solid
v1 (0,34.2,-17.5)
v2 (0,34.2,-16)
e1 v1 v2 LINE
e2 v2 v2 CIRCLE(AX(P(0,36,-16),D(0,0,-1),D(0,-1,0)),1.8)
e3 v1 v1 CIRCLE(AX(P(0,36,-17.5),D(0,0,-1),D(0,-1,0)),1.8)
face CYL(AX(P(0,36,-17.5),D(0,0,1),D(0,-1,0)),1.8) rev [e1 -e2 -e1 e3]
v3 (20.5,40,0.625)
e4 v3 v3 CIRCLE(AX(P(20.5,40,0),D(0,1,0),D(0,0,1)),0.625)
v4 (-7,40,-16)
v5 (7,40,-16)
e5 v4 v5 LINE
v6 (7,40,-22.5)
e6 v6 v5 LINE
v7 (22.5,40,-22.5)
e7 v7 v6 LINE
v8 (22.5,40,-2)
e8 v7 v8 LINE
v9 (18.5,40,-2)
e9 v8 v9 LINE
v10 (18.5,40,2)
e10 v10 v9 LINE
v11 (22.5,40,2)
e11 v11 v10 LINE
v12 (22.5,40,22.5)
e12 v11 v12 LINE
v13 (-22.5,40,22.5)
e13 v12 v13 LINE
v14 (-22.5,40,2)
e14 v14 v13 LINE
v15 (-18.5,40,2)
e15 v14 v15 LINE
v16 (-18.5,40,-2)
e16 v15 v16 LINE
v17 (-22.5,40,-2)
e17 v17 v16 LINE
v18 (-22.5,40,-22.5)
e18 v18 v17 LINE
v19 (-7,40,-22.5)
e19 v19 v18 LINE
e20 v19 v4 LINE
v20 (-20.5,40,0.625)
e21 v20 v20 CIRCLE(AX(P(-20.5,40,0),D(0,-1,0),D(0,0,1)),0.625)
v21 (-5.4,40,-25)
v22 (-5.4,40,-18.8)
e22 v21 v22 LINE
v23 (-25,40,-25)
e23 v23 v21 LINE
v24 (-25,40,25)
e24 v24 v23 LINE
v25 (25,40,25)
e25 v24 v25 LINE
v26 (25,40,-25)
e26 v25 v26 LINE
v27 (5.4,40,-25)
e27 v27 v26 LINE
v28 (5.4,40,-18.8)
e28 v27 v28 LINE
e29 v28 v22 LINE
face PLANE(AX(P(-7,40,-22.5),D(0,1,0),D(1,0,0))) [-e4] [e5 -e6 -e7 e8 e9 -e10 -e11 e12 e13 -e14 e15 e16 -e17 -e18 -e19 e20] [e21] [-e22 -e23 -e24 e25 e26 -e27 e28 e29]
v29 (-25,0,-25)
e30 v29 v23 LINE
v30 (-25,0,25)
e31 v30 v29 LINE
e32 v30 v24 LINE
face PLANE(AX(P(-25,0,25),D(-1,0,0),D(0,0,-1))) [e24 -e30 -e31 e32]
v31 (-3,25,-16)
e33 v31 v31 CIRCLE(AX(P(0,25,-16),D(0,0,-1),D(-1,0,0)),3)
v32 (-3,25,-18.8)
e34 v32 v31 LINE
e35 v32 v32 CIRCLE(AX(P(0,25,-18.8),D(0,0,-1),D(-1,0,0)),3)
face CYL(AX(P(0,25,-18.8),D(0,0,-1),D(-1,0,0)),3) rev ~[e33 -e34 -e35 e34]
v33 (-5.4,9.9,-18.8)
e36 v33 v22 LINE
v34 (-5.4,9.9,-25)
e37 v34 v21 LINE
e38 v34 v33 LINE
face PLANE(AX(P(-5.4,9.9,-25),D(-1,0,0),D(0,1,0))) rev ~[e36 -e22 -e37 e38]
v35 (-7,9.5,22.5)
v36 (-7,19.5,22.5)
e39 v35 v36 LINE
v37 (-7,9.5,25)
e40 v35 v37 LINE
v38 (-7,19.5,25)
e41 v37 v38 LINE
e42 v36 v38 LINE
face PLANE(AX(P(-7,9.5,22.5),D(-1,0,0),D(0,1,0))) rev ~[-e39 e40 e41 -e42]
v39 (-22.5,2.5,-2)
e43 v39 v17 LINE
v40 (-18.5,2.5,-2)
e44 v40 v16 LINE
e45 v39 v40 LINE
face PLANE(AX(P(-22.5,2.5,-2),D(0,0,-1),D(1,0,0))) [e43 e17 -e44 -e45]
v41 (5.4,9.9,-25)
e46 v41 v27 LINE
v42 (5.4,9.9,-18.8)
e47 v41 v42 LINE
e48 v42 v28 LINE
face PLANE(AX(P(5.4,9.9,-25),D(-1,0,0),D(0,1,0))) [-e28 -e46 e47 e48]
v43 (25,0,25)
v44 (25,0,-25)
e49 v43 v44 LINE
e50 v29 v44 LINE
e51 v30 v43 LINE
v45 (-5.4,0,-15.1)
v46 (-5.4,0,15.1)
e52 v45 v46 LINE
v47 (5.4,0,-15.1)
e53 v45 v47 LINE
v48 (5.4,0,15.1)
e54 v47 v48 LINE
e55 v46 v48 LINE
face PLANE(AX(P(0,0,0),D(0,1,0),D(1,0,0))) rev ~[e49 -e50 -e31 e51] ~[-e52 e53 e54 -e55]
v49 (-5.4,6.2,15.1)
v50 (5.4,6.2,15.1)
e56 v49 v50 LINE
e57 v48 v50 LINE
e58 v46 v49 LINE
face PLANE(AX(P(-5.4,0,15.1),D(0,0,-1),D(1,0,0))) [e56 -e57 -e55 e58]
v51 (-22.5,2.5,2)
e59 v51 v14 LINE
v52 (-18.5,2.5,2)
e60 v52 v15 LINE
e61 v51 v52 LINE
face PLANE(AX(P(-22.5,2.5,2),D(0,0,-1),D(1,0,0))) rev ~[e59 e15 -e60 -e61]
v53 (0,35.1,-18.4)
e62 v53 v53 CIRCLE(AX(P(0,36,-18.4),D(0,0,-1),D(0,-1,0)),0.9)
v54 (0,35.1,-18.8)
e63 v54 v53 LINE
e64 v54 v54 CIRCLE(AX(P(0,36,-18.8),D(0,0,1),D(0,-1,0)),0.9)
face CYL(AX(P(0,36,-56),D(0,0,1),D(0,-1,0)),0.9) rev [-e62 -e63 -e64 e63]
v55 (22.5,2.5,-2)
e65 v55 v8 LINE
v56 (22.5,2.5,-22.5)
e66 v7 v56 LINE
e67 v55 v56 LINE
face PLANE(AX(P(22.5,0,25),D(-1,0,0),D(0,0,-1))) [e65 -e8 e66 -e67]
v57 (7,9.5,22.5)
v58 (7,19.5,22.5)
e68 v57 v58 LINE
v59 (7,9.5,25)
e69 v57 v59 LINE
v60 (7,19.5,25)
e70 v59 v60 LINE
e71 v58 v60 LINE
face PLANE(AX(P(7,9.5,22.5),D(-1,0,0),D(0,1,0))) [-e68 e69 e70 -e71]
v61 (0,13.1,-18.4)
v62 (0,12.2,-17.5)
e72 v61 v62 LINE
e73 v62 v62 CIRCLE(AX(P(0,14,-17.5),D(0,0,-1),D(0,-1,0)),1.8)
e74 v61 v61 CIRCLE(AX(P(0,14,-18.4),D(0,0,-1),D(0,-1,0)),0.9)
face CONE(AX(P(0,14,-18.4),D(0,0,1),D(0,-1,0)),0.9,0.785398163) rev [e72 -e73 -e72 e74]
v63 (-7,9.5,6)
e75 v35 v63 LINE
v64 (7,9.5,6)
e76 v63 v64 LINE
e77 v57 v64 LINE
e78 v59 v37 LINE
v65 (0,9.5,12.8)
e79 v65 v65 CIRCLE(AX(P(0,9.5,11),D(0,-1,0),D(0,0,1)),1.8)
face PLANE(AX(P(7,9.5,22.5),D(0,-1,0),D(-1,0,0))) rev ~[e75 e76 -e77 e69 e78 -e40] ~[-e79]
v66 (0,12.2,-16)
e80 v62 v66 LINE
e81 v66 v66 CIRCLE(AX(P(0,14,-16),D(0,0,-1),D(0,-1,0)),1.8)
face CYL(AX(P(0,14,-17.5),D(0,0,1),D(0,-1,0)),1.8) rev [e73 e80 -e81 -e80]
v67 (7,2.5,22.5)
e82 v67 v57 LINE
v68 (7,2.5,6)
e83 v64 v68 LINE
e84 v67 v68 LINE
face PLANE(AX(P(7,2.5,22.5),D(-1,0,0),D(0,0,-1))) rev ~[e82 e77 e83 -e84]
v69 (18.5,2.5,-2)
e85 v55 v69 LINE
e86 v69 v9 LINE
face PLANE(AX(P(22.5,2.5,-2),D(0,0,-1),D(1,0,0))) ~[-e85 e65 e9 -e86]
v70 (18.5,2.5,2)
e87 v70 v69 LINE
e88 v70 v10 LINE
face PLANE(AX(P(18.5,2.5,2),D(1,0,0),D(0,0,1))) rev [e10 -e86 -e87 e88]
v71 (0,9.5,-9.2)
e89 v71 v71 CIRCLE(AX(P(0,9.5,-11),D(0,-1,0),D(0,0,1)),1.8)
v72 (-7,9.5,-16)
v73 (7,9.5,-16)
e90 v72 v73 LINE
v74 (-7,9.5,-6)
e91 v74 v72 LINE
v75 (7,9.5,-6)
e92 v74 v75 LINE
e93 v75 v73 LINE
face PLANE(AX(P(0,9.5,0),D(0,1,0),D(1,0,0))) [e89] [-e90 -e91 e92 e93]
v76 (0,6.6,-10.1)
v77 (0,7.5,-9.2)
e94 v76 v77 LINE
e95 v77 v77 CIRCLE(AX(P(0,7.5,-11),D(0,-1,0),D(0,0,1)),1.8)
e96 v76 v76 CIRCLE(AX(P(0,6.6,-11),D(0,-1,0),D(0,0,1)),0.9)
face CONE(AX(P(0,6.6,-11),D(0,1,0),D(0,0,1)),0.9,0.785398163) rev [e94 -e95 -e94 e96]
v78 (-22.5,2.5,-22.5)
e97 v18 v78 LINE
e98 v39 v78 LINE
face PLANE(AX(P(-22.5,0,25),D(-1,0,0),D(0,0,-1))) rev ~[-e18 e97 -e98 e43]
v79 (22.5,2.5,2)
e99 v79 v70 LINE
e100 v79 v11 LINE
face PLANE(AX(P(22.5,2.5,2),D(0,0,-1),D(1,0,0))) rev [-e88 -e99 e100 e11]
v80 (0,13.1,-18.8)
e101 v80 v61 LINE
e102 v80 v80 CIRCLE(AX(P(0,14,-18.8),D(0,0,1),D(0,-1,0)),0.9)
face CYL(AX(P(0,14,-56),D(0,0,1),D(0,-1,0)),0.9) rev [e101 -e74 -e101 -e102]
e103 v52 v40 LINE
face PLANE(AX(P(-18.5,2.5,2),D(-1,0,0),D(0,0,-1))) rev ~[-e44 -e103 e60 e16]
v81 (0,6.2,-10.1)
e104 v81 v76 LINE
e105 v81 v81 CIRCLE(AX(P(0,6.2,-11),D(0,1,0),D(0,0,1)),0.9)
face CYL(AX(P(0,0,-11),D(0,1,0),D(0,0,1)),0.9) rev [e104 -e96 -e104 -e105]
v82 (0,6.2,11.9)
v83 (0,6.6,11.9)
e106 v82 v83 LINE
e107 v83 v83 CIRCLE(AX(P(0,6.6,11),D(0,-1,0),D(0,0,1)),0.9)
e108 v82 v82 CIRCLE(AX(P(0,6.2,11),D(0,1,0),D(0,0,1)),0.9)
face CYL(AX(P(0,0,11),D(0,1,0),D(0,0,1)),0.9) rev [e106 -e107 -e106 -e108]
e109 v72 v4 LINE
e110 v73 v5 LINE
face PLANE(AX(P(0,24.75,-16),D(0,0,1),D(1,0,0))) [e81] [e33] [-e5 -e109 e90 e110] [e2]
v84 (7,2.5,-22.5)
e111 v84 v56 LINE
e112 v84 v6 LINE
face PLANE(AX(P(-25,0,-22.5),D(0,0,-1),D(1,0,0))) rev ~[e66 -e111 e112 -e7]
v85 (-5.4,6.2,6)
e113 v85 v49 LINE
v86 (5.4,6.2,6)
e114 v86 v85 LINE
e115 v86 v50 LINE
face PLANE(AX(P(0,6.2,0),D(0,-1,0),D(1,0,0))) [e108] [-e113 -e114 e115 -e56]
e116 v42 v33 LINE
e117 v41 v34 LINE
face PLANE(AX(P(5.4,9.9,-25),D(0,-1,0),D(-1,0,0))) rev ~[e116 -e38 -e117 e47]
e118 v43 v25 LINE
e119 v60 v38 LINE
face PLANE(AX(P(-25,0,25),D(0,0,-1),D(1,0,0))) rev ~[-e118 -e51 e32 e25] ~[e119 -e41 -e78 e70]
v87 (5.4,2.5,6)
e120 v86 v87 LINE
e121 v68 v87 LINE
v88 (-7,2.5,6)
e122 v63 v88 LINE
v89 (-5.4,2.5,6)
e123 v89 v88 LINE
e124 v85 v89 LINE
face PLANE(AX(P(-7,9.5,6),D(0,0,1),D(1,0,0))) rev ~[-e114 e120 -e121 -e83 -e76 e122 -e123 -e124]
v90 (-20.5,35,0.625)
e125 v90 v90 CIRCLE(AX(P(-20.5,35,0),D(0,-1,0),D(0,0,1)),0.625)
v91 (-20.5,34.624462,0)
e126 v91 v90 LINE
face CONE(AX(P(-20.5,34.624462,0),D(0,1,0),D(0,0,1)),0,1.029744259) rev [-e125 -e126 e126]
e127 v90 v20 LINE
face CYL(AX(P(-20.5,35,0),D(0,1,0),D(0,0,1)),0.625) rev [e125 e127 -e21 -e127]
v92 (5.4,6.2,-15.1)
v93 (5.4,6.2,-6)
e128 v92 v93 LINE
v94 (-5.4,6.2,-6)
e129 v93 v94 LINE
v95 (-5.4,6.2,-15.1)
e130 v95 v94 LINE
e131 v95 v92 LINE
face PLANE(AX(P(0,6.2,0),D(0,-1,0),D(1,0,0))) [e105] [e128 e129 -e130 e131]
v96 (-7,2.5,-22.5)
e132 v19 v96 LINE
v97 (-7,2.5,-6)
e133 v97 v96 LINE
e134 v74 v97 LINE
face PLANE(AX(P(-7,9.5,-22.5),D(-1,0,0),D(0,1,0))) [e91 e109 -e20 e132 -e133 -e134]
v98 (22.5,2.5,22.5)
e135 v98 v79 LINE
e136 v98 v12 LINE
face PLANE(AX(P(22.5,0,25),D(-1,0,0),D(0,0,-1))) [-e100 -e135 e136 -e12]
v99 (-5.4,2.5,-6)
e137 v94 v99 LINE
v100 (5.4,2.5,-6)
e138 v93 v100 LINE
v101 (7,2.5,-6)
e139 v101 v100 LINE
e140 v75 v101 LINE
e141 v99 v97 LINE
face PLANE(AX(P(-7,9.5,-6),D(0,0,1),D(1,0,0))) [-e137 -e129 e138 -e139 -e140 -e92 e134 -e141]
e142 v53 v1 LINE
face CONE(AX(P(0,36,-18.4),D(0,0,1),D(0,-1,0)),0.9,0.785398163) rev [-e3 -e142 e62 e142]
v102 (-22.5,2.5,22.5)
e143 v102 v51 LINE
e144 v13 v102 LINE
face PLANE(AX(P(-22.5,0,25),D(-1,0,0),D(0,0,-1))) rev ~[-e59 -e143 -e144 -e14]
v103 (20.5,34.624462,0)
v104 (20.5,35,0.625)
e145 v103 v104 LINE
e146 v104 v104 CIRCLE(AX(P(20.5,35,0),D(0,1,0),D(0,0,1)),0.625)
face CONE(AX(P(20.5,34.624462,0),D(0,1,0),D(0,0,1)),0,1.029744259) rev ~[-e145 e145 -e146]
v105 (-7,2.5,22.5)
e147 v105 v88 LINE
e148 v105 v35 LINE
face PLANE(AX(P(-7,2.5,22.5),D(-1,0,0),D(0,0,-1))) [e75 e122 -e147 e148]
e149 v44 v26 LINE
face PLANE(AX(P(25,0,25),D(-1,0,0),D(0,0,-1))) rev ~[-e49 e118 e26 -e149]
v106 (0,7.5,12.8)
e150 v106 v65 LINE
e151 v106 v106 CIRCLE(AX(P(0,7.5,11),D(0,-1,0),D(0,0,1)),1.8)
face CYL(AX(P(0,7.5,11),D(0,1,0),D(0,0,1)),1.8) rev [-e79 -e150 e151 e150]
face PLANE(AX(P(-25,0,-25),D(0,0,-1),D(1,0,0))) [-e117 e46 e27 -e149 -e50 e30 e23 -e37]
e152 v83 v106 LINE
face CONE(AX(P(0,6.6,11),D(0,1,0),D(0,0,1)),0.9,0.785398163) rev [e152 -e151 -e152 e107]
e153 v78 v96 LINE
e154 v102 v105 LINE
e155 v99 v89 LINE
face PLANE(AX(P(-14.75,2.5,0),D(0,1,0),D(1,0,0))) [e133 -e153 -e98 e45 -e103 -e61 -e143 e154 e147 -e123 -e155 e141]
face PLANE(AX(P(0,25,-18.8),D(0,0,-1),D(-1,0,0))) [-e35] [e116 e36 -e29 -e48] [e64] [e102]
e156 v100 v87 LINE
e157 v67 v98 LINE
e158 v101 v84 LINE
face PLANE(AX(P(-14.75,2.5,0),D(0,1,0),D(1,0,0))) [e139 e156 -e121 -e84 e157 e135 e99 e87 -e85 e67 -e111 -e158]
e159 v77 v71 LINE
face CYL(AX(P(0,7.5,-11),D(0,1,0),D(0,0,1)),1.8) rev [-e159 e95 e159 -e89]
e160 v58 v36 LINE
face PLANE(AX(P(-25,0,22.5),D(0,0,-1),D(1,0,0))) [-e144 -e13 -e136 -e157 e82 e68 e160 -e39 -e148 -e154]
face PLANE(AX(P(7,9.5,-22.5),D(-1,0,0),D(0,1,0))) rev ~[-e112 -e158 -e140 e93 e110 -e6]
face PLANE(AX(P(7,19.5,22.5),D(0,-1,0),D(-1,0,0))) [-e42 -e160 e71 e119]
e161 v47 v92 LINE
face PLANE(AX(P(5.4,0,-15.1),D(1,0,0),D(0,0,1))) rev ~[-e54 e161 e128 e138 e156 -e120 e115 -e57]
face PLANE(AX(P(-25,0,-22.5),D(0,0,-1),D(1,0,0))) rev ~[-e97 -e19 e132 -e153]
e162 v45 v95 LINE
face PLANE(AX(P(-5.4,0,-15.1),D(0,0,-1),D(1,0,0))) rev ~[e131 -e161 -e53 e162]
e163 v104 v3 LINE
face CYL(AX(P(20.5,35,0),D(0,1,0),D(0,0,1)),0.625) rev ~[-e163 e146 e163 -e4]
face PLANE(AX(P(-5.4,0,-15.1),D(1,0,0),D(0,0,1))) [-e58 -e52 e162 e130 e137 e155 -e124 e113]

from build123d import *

# Parameters (mm, degrees)
SKETCH1_W                                      = 50
SKETCH1_H                                      = 50
BOSS_EXTRUDE1_DEPTH                            = 40
SHELL1_T                                       = -2.5
SKETCH2_W                                      = 14
SKETCH2_H                                      = 45
BOSS_EXTRUDE2_DEPTH                            = 7
SKETCH4_W                                      = 10.8
SKETCH4_H                                      = 30.2
CUT_EXTRUDE1_DEPTH                             = 6.2
CSK_SLOT_FOR_M1_6_COUNTERSUNK_FLAT_H_2_COUNT   = 2
CSK_SLOT_FOR_M1_6_COUNTERSUNK_FLAT_H_2_PITCH   = 22
CUT_EXTRUDE4_REACH                             = 48.693
SKETCH11_W                                     = 14
SKETCH11_H                                     = 12
SKETCH19_W                                     = 14
SKETCH19_H                                     = 30.5
BOSS_EXTRUDE5_DEPTH                            = 6.5
SKETCH20_W                                     = 10.8
SKETCH20_H                                     = 30.2
CUT_EXTRUDE6_DEPTH                             = 6.2
CSK_SLOT_FOR_M1_6_COUNTERSUNK_FLAT_H_3_A_COUNT = 2
CSK_SLOT_FOR_M1_6_COUNTERSUNK_FLAT_H_3_A_PITCH = 22
SKETCH30_W                                     = 4
SKETCH30_H                                     = 4
BOSS_EXTRUDE6_DEPTH                            = 37.5
CUT_EXTRUDE8_REACH                             = 66.37
SKETCH33_R                                     = 3
SKETCH35_W                                     = 14
SKETCH35_H                                     = 10
CUT_EXTRUDE10_DEPTH                            = 10


with BuildPart() as part:
    # Sketch1 → Boss-Extrude1 (new body)
    with BuildSketch(Plane(origin=(0, 0, 0), x_dir=(1, 0, 0), z_dir=(0, 1, 0))):
        Rectangle(SKETCH1_W, SKETCH1_H)
    extrude(amount=BOSS_EXTRUDE1_DEPTH)

    # Shell1
    shell1_openings = [part.faces().sort_by_distance(p)[0] for p in [
        (0, 40, 0),
    ]]
    offset(amount=SHELL1_T, openings=shell1_openings, kind=Kind.INTERSECTION)

    # Sketch2 → Boss-Extrude2 (add)
    with BuildSketch(Plane(origin=(0, 2.5, 0), x_dir=(1, 0, 0), z_dir=(0, 1, 0))):
        Rectangle(SKETCH2_W, SKETCH2_H)
    extrude(amount=BOSS_EXTRUDE2_DEPTH)

    # Sketch4 → Cut-Extrude1 (cut)
    with BuildSketch(Plane.XZ):
        Rectangle(SKETCH4_W, SKETCH4_H)
    extrude(amount=-CUT_EXTRUDE1_DEPTH, mode=Mode.SUBTRACT)

    # Sketch7 → CSK SLOT for M1.6 Countersunk Flat Head (revolve, cut)
    with BuildSketch(Plane(origin=(0, 9.5, -11), x_dir=(0, 0, 1), z_dir=(1, 0, 0))):
        Polygon((0, 0), (0, 9.5), (0.9, 9.5), (0.9, 2.9), (1.8, 2), (1.8, 0), align=None)
    csk_slot_for_m1_6_countersunk_flat_head = revolve(axis=Axis((0, 15.85, -11), (0, -1, 0)), mode=Mode.SUBTRACT)

    # CSK SLOT for M1.6 Countersunk Flat H 2: CSK SLOT for M1.6 Countersunk Flat Head ×2
    with Locations(*[(0, 0, i * CSK_SLOT_FOR_M1_6_COUNTERSUNK_FLAT_H_2_PITCH) for i in range(1, CSK_SLOT_FOR_M1_6_COUNTERSUNK_FLAT_H_2_COUNT)]):
        add(csk_slot_for_m1_6_countersunk_flat_head, mode=Mode.SUBTRACT)

    # Cut-Extrude4: up to this face of the body (flat: up to its plane)
    cut_extrude4_end = Plane(part.part.faces().sort_by_distance((-14.75, 2.5, 0))[0])
    # Sketch11 → Cut-Extrude4 (cut, up to the picked face)
    with BuildSketch(Plane(origin=(0, 9.5, 0), x_dir=(1, 0, 0), z_dir=(0, 1, 0)), mode=Mode.PRIVATE) as cut_extrude4_sk1:
        Rectangle(SKETCH11_W, SKETCH11_H)
    cut_extrude4_tool1 = split(extrude(cut_extrude4_sk1.sketch, amount=-CUT_EXTRUDE4_REACH, mode=Mode.PRIVATE), bisect_by=cut_extrude4_end, keep=Keep.BOTH, mode=Mode.PRIVATE)
    add(cut_extrude4_tool1.solids().sort_by(Axis((0, 9.5, 0), (0, -1, 0)))[0], mode=Mode.SUBTRACT)

    # Sketch19 → Boss-Extrude5 (add)
    with BuildSketch(Plane.XY.offset(-22.5)):
        with Locations((0, 24.75)):
            Rectangle(SKETCH19_W, SKETCH19_H)
    extrude(amount=BOSS_EXTRUDE5_DEPTH)

    # Sketch20 → Cut-Extrude6 (cut)
    with BuildSketch(Plane(origin=(0, 0, -25), x_dir=(-1, 0, 0), z_dir=(0, 0, -1))):
        with Locations((0, 25)):
            Rectangle(SKETCH20_W, SKETCH20_H)
    extrude(amount=-CUT_EXTRUDE6_DEPTH, mode=Mode.SUBTRACT)

    # Sketch27 → CSK SLOT for M1.6 Countersunk Flat H 3 (revolve, cut)
    with BuildSketch(Plane(origin=(0, 36, -16), x_dir=(0, -1, 0), z_dir=(1, 0, 0))):
        Polygon((0, 0), (0, 40.540774557), (0.9, 40), (0.9, 2.4), (1.8, 1.5), (1.8, 0), align=None)
    csk_slot_for_m1_6_countersunk_flat_h_3 = revolve(axis=Axis((0, 36, -9.65), (0, 0, -1)), mode=Mode.SUBTRACT)

    # CSK SLOT for M1.6 Countersunk Flat H 3 a: CSK SLOT for M1.6 Countersunk Flat H 3 ×2
    with Locations(*[(0, -i * CSK_SLOT_FOR_M1_6_COUNTERSUNK_FLAT_H_3_A_PITCH, 0) for i in range(1, CSK_SLOT_FOR_M1_6_COUNTERSUNK_FLAT_H_3_A_COUNT)]):
        add(csk_slot_for_m1_6_countersunk_flat_h_3, mode=Mode.SUBTRACT)

    # Sketch30 → Boss-Extrude6 (add)
    with BuildSketch(Plane(origin=(0, 2.5, 0), x_dir=(1, 0, 0), z_dir=(0, 1, 0))):
        with Locations((-20.5, 0)):
            Rectangle(SKETCH30_W, SKETCH30_H)
    boss_extrude6 = extrude(amount=BOSS_EXTRUDE6_DEPTH)

    # Sketch32 → M1.6 Tapped Hole2 (revolve, cut)
    with BuildSketch(Plane(origin=(-20.5, 40, 0), x_dir=(0, 0, 1), z_dir=(1, 0, 0))):
        Polygon((0, 0), (0, 5.375537887), (0.625, 5), (0.625, 0), align=None)
    m1_6_tapped_hole2 = revolve(axis=Axis((-20.5, 46.35, 0), (0, -1, 0)), mode=Mode.SUBTRACT)

    # Mirror3: Boss-Extrude6, M1.6 Tapped Hole2 across plane
    add(boss_extrude6.mirror(Plane(origin=(0, 0, 0), x_dir=(0, 0, 1), z_dir=(1, 0, 0))))
    add(m1_6_tapped_hole2.mirror(Plane(origin=(0, 0, 0), x_dir=(0, 0, 1), z_dir=(1, 0, 0))), mode=Mode.SUBTRACT)

    # Sketch33 → Cut-Extrude8 (cut, up to next)
    with BuildSketch(Plane(origin=(0, 0, -18.8), x_dir=(-1, 0, 0), z_dir=(0, 0, -1)), mode=Mode.PRIVATE) as cut_extrude8_sk1:
        with Locations((0, 25)):
            Circle(SKETCH33_R)
    cut_extrude8_tool1 = extrude(cut_extrude8_sk1.sketch, amount=-CUT_EXTRUDE8_REACH, mode=Mode.PRIVATE) & part.part
    add(cut_extrude8_tool1.solids().sort_by_distance((0, 25, -18.8))[0], mode=Mode.SUBTRACT)

    # Sketch35 → Cut-Extrude10 (cut)
    with BuildSketch(Plane(origin=(0, 0, 22.5), x_dir=(-1, 0, 0), z_dir=(0, 0, -1))):
        with Locations((0, 14.5)):
            Rectangle(SKETCH35_W, SKETCH35_H)
    extrude(amount=-CUT_EXTRUDE10_DEPTH, mode=Mode.SUBTRACT)


solid = part.part
